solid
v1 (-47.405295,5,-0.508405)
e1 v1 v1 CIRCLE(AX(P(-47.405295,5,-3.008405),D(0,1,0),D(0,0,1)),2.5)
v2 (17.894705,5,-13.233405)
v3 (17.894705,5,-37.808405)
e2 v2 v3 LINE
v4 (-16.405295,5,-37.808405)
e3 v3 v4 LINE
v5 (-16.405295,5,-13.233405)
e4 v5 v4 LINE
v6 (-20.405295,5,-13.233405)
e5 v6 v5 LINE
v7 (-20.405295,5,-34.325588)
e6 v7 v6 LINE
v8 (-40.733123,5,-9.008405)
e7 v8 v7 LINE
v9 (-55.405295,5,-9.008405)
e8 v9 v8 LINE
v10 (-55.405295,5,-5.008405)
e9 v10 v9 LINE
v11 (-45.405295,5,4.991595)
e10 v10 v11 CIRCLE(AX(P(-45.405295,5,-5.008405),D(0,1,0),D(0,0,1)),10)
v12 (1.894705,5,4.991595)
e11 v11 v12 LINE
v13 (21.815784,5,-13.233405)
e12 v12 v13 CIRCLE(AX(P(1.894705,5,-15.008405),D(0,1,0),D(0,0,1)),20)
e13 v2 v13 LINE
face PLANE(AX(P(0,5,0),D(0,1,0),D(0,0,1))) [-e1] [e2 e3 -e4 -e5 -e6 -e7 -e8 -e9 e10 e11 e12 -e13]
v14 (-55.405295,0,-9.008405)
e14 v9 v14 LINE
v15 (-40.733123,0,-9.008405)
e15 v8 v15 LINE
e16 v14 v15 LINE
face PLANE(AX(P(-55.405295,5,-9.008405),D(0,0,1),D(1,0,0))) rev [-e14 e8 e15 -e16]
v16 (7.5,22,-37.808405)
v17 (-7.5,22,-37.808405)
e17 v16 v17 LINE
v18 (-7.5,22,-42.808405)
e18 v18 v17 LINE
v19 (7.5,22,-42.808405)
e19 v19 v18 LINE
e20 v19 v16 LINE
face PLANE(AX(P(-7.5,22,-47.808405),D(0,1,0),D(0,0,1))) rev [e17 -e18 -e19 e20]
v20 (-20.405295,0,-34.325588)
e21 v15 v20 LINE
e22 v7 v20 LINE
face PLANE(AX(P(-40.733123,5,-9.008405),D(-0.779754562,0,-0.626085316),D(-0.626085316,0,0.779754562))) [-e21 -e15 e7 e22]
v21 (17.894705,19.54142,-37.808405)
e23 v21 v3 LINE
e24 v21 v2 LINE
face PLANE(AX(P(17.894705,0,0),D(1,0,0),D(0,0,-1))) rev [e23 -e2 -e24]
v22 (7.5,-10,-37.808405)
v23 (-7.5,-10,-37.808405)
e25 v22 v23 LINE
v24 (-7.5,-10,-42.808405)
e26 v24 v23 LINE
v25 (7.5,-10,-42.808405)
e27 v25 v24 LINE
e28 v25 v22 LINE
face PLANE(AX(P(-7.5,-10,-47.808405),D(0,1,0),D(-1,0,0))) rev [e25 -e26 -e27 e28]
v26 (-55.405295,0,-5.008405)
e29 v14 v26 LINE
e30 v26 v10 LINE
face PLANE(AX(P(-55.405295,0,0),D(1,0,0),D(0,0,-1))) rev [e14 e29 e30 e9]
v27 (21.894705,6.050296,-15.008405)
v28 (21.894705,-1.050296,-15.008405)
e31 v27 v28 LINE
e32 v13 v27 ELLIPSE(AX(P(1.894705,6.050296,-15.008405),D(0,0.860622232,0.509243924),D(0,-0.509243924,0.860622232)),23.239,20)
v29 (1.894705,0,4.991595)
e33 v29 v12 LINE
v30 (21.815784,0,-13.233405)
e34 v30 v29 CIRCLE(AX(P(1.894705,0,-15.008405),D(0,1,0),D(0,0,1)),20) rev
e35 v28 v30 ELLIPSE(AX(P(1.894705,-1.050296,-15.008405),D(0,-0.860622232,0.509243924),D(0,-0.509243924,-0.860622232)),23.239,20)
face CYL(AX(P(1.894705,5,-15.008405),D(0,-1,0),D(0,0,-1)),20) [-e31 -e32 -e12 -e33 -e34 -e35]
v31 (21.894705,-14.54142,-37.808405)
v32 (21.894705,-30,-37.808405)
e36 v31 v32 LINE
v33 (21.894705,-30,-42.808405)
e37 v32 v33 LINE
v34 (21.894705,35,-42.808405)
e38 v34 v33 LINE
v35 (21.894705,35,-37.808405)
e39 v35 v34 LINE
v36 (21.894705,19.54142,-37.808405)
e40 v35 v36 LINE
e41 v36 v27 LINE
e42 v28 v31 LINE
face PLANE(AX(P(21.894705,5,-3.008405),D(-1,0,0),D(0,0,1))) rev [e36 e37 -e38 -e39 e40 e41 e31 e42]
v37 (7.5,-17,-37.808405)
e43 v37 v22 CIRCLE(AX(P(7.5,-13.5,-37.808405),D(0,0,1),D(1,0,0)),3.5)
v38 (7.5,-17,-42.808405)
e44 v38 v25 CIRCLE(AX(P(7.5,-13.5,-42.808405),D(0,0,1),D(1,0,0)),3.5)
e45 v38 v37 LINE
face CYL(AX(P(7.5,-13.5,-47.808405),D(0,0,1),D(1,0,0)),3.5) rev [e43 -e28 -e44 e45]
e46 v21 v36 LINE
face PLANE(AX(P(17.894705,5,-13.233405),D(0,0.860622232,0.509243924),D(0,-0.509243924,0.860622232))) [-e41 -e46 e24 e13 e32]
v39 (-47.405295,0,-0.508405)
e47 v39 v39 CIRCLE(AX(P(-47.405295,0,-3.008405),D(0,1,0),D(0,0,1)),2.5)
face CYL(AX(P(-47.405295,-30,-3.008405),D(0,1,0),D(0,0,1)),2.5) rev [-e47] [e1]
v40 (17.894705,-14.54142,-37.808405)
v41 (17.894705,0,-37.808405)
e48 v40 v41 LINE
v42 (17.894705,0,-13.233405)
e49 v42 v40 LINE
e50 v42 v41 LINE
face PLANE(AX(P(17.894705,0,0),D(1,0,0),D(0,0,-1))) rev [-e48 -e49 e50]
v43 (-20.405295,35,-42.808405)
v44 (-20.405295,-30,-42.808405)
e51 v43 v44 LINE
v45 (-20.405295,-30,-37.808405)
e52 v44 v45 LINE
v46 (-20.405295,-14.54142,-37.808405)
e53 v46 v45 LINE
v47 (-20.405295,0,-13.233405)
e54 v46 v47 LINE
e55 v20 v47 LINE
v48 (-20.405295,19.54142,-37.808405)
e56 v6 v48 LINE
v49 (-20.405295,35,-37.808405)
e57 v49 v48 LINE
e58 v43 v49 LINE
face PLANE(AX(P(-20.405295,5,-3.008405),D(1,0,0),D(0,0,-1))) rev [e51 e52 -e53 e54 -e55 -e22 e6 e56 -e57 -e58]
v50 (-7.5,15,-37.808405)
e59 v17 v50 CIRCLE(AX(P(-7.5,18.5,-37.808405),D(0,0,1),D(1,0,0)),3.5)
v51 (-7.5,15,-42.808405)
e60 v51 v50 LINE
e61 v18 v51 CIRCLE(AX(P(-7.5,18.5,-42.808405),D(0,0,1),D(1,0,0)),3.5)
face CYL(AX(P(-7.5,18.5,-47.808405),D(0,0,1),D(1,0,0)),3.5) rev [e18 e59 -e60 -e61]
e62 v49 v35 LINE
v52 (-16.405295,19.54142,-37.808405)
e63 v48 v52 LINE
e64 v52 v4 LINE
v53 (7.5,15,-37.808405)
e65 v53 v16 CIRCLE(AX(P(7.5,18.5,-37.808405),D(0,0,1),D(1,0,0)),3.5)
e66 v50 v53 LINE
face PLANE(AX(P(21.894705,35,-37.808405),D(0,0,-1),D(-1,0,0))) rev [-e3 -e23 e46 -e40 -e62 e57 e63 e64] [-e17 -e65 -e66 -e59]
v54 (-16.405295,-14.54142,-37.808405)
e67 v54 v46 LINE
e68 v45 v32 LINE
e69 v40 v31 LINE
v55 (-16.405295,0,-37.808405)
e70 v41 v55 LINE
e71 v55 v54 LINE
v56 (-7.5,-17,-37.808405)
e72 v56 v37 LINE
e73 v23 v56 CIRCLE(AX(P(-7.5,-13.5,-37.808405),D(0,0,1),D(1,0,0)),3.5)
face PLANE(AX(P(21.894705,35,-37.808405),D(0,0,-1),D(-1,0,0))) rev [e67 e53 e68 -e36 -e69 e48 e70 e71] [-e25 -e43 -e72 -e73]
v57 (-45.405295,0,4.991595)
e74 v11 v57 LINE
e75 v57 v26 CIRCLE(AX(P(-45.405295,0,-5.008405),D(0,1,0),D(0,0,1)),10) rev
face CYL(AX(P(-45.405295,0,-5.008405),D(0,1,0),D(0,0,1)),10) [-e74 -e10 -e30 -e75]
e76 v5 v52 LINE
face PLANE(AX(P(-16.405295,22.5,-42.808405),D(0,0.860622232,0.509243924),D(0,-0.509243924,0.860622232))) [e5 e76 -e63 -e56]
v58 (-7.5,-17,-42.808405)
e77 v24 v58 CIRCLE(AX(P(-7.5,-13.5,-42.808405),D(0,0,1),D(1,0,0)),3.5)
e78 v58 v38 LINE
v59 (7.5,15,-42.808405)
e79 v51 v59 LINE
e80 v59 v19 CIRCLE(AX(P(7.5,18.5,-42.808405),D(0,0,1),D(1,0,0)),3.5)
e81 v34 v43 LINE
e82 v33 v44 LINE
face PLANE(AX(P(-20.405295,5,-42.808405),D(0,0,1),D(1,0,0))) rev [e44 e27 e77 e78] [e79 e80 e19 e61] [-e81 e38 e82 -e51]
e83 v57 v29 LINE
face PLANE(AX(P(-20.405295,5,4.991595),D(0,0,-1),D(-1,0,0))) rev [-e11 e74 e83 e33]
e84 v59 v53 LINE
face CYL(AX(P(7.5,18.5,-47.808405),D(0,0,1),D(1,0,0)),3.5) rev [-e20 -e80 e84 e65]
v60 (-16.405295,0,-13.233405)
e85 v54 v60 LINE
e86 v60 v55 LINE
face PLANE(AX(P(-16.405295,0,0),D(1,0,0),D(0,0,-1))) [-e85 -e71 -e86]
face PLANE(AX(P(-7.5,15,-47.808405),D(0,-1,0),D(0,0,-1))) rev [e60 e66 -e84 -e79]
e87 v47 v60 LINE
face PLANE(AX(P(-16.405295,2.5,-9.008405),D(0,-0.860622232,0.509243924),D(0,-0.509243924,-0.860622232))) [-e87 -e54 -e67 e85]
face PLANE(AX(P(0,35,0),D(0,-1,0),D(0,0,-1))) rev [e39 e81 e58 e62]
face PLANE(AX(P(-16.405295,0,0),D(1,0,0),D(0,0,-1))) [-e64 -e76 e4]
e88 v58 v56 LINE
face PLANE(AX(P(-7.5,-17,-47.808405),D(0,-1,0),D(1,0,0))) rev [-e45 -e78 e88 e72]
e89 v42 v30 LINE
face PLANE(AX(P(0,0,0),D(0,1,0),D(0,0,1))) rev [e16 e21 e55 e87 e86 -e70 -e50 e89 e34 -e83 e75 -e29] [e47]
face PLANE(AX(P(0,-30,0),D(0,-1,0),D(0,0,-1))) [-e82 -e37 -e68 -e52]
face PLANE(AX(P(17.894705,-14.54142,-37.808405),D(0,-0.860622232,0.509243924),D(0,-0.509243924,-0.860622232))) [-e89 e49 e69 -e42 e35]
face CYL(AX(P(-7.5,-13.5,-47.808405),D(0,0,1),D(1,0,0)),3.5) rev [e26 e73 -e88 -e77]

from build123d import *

# Parameters (mm, degrees)
BOSS_EXTRUDE1_DEPTH      = 5
BOSS_EXTRUDE4_DEPTH      = 30
BOSS_EXTRUDE4_DEPTH_BACK = 35
SKETCH5_W                = 42.3
SKETCH5_H                = 5
CUT_EXTRUDE5_DEPTH       = 10
SKETCH9_W                = 14
SKETCH9_H                = 5
BOSS_EXTRUDE5_DEPTH      = 35
FILLET1_R                = 10
BOSS_EXTRUDE6_DEPTH      = 4
BOSS_EXTRUDE7_DEPTH      = 4
SKETCH12_R               = 2.5
CUT_EXTRUDE6_DEPTH       = 79.277111821
BOSS_EXTRUDE8_DEPTH      = 5
FILLET2_R                = 20


with BuildPart() as part:
    # Sketch1 → Boss-Extrude1 (new body)
    with BuildSketch(Plane(origin=(0, 0, 0), x_dir=(1, 0, 0), z_dir=(0, 1, 0))):
        Polygon((-10.255294708, 42.808405172), (11.744705292, 42.808405172), (21.894705292, 42.808405172), (21.894705292, 3.008405172), (21.894705292, -4.991594828), (-20.405294708, -4.991594828), (-20.405294708, 3.008405172), (-20.405294708, 42.808405172), align=None)
    extrude(amount=BOSS_EXTRUDE1_DEPTH)

    # Sketch5 → Boss-Extrude4 (add, two sides: drawn at the far end of the back side and taken through both)
    with BuildSketch(Plane(origin=(0, 5, 0), x_dir=(1, 0, 0), z_dir=(0, 1, 0)).offset(-BOSS_EXTRUDE4_DEPTH_BACK)):
        with Locations((0.744705292, 40.308405172)):
            Rectangle(SKETCH5_W, SKETCH5_H)
    extrude(amount=BOSS_EXTRUDE4_DEPTH + BOSS_EXTRUDE4_DEPTH_BACK)

    # Sketch8 → Cut-Extrude5 (cut)
    with BuildSketch(Plane.XY.offset(-37.808405172)):
        with BuildLine():
            Line((-7.5, 22), (7.5, 22))
            ThreePointArc((7.5, 22), (11, 18.5), (7.5, 15))
            Line((7.5, 15), (-7.5, 15))
            ThreePointArc((-7.5, 15), (-11, 18.5), (-7.5, 22))
        make_face()
        with BuildLine():
            Line((-7.5, -10), (7.5, -10))
            ThreePointArc((7.5, -10), (11, -13.5), (7.5, -17))
            Line((7.5, -17), (-7.5, -17))
            ThreePointArc((-7.5, -17), (-11, -13.5), (-7.5, -10))
        make_face()
    extrude(amount=-CUT_EXTRUDE5_DEPTH, mode=Mode.SUBTRACT)

    # Sketch9 → Boss-Extrude5 (add)
    with BuildSketch(Plane.ZY.offset(20.405294708)):
        with Locations((-2.008405172, 2.5)):
            Rectangle(SKETCH9_W, SKETCH9_H)
    extrude(amount=BOSS_EXTRUDE5_DEPTH)

    # Fillet1
    fillet1_edges = [part.edges().sort_by_distance(p)[0] for p in [
        (-55.405294708, 2.5, 4.991594828),
    ]]
    fillet(fillet1_edges, radius=FILLET1_R)

    # Sketch10 → Boss-Extrude6 (add)
    with BuildSketch(Plane.ZY.offset(20.405294708)):
        Polygon((-42.808405172, 2.5), (-42.808405172, 22.5), (-9.008405172, 2.5), (-42.808405172, -17.5), align=None)
    extrude(amount=-BOSS_EXTRUDE6_DEPTH)

    # Sketch11 → Boss-Extrude7 (add)
    with BuildSketch(Plane(origin=(21.894705292, 0, 0), x_dir=(0, 0, -1), z_dir=(1, 0, 0))):
        Polygon((37.808405172, 19.541420118), (37.808405172, -14.541420118), (13.233405172, 0), (13.233405172, 5), align=None)
    extrude(amount=-BOSS_EXTRUDE7_DEPTH)

    # Sketch12 → Cut-Extrude6 (cut, through all)
    with BuildSketch(Plane(origin=(0, 5, 0), x_dir=(1, 0, 0), z_dir=(0, 1, 0))):
        with Locations(Location((-47.405294708, 3.008405172, 0), (0, 0, 270))):
            Circle(SKETCH12_R)
    extrude(amount=-CUT_EXTRUDE6_DEPTH, mode=Mode.SUBTRACT)

    # Sketch13 → Boss-Extrude8 (add)
    with BuildSketch(Plane.XZ):
        Polygon((-40.733122826, -9.008405172), (-20.405294708, -34.32558847), (-20.405294708, -9.008405172), align=None)
    extrude(amount=-BOSS_EXTRUDE8_DEPTH)

    # Fillet2
    fillet2_edges = [part.edges().sort_by_distance(p)[0] for p in [
        (21.894705292, 2.5, 4.991594828),
    ]]
    fillet(fillet2_edges, radius=FILLET2_R)


solid = part.part
